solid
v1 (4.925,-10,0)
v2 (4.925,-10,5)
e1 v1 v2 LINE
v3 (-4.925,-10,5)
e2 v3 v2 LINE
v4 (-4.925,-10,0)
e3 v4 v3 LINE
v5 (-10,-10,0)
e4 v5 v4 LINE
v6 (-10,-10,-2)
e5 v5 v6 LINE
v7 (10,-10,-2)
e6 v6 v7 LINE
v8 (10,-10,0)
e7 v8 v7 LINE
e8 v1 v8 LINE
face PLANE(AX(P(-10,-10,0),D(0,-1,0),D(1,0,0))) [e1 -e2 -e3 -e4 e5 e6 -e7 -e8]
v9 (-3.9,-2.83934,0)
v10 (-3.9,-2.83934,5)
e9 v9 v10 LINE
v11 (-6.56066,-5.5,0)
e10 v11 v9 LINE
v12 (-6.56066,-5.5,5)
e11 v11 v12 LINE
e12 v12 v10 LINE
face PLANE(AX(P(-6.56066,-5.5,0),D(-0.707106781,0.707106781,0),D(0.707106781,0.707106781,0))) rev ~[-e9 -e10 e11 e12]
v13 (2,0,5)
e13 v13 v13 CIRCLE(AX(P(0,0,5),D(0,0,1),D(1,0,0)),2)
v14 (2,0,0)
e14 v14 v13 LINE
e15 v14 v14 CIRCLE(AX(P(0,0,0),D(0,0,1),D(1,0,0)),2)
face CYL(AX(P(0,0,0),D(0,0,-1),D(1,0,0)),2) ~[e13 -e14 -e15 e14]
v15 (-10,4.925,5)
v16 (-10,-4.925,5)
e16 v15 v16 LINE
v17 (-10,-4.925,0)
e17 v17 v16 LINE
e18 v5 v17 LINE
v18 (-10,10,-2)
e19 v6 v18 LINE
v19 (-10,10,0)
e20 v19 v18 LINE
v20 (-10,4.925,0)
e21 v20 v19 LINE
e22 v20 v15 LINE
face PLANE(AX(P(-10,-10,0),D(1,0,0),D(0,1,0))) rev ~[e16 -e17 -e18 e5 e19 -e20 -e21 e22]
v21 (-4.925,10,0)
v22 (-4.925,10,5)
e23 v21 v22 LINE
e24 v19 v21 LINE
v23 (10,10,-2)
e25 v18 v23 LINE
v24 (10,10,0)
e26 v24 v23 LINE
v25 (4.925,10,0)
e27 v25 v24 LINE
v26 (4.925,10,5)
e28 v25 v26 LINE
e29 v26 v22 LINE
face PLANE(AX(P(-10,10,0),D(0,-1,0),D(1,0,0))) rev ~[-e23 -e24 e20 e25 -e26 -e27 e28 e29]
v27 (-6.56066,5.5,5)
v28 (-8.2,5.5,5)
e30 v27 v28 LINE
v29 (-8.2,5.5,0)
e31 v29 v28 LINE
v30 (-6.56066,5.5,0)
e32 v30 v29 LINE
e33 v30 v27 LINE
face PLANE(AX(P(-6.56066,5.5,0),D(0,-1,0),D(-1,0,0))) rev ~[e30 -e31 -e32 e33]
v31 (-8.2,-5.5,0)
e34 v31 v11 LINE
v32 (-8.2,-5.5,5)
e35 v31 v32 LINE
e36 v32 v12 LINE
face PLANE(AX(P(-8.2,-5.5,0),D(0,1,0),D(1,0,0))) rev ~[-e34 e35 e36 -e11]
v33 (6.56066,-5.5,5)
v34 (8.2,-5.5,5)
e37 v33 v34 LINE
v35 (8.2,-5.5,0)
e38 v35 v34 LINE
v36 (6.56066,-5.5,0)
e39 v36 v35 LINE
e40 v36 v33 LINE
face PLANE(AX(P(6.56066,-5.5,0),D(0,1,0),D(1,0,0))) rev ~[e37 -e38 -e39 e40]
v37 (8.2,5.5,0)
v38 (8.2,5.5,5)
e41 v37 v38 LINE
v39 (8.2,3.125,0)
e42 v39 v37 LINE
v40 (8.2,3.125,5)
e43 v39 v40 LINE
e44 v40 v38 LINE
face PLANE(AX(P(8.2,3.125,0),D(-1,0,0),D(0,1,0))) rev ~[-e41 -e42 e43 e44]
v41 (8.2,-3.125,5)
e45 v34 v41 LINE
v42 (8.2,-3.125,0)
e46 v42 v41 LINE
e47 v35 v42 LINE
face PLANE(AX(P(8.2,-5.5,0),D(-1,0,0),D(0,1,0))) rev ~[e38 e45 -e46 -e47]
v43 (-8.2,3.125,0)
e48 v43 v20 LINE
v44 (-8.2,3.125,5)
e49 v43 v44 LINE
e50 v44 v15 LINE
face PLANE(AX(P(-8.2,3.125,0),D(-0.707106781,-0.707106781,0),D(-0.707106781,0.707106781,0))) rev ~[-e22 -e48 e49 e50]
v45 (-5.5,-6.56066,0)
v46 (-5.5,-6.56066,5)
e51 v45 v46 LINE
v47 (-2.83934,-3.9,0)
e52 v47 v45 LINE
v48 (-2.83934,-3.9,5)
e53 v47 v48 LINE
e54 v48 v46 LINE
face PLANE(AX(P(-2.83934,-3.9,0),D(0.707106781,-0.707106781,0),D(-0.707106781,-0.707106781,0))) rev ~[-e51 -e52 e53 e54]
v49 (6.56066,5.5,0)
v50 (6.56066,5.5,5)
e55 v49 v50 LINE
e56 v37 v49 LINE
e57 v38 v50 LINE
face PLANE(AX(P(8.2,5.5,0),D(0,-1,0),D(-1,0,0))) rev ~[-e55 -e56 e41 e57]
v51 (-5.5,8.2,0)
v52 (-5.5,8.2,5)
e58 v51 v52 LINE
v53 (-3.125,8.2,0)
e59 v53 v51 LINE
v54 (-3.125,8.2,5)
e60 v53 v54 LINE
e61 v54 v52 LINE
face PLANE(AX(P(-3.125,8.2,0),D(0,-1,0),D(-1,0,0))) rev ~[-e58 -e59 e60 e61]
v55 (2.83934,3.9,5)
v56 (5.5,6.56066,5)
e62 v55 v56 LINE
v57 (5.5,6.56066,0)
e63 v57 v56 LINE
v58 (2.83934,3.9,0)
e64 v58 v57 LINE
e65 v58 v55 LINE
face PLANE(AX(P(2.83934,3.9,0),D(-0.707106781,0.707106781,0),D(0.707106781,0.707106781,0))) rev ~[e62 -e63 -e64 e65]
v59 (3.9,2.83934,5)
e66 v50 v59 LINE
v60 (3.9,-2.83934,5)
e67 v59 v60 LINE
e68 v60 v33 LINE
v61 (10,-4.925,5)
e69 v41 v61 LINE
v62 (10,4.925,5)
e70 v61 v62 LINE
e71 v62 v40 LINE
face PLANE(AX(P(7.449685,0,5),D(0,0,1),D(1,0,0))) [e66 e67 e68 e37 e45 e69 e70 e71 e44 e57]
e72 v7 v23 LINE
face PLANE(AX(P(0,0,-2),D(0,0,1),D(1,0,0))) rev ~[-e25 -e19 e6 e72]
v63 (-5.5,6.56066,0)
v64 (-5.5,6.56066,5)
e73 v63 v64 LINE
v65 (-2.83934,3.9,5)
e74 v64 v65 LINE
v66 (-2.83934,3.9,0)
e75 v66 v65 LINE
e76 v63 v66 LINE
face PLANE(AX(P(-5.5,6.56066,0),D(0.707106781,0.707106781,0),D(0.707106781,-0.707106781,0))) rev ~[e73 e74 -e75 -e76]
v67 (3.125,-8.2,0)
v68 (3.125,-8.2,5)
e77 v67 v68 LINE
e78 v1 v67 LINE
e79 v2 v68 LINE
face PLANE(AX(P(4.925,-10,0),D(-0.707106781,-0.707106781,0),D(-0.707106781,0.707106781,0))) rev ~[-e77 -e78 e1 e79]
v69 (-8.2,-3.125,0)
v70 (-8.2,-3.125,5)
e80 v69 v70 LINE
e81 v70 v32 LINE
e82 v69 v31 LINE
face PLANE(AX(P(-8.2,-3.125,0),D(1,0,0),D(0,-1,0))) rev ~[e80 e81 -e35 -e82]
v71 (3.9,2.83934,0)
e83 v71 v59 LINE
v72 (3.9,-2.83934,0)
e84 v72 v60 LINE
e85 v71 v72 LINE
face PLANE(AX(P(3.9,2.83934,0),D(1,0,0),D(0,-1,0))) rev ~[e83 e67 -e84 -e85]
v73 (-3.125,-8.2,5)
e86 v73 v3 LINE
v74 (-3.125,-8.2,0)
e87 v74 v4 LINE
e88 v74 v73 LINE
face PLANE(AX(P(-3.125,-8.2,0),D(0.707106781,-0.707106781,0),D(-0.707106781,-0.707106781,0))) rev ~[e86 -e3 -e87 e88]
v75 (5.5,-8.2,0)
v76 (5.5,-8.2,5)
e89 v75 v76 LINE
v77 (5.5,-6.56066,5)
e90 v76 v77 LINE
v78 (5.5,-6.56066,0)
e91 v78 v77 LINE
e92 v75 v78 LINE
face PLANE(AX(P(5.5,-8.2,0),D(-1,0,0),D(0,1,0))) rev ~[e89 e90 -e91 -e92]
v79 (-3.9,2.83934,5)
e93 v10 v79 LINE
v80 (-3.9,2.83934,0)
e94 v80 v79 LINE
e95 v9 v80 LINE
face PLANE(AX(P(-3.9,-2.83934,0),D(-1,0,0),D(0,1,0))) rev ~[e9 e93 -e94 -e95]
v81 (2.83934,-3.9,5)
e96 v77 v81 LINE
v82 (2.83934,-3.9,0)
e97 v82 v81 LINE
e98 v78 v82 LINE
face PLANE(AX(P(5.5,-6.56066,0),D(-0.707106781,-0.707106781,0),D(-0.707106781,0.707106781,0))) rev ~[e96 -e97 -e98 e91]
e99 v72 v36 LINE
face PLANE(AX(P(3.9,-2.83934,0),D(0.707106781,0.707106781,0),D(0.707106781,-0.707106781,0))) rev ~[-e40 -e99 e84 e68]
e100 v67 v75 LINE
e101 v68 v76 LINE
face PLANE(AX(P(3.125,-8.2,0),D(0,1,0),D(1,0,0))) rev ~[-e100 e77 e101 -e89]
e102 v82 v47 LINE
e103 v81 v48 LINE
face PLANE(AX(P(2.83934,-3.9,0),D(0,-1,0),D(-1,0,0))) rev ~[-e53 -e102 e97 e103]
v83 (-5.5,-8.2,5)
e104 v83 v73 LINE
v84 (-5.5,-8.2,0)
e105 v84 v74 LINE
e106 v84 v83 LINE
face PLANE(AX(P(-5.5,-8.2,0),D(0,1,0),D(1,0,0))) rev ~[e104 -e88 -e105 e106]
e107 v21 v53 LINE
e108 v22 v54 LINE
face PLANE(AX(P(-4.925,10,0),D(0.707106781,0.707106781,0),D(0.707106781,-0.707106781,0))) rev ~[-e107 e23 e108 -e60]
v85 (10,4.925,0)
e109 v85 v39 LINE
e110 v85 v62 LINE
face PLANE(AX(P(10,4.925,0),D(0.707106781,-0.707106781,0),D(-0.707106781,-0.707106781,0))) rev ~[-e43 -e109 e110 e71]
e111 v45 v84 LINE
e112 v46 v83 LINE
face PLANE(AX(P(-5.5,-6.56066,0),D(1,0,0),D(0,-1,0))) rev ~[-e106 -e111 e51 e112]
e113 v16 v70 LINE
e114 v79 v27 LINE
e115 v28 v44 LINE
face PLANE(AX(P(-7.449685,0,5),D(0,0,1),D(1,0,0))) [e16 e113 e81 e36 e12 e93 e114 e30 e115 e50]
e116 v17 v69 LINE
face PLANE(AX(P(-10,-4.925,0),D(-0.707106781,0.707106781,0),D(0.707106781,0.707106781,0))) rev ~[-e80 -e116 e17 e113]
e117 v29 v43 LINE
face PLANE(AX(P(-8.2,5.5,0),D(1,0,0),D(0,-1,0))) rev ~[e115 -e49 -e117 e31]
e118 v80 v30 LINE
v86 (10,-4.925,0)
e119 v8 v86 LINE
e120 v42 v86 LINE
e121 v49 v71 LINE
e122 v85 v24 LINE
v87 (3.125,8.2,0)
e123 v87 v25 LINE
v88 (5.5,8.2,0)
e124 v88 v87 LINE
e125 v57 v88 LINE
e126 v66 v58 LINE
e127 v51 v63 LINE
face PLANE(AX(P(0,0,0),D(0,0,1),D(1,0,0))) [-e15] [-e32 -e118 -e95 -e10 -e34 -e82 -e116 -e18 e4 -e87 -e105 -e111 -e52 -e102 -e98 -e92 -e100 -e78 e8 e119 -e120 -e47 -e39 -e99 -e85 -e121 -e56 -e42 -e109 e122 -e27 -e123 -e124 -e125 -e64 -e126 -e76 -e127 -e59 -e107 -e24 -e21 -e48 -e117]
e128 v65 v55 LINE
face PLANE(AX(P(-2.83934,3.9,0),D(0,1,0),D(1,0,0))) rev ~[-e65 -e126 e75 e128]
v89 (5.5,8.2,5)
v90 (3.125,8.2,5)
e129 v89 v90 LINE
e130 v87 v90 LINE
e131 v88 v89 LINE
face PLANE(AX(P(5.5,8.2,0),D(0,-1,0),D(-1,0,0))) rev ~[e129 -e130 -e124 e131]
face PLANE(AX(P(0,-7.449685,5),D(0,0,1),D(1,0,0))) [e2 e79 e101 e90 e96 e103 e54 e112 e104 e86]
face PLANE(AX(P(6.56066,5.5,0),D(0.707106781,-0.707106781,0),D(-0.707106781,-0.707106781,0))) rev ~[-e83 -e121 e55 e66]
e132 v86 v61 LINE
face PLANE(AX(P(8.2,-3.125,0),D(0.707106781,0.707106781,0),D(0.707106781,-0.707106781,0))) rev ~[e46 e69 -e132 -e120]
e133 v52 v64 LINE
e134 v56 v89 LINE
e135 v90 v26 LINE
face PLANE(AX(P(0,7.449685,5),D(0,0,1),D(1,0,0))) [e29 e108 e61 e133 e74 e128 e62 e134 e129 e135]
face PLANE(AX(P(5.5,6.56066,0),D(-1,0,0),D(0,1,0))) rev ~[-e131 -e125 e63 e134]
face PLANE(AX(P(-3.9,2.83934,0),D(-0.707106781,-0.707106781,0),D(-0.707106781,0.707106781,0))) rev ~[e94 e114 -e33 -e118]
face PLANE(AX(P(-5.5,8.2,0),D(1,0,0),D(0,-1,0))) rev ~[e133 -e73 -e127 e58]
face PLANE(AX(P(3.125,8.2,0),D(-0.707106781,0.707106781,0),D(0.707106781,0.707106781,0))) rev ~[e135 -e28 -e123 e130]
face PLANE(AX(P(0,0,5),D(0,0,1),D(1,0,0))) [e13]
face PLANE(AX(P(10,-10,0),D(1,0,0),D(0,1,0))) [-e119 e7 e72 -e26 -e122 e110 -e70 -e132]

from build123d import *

# Parameters (mm, degrees)
BOSS_EXTRUDE1_DEPTH   = 5
SKETCH1_R             = 2
BOSS_EXTRUDE1_2_DEPTH = 5
BOSS_EXTRUDE1_3_DEPTH = 5
BOSS_EXTRUDE1_4_DEPTH = 5
BOSS_EXTRUDE1_5_DEPTH = 5
SKETCH1_3_W           = 20
SKETCH1_3_H           = 20
BOSS_EXTRUDE2_DEPTH   = 2


with BuildPart() as part:
    # Sketch1 → Boss-Extrude1 (new body)
    with BuildSketch(Plane.XY):
        Polygon((4.925, 10), (-4.925, 10), (-3.125, 8.2), (-5.5, 8.2), (-5.5, 6.560660172), (-2.839339828, 3.9), (2.839339828, 3.9), (5.5, 6.560660172), (5.5, 8.2), (3.125, 8.2), align=None)
    extrude(amount=BOSS_EXTRUDE1_DEPTH)



with BuildPart() as body_2:
    # Sketch1 → Boss-Extrude1 2 (new body)
    with BuildSketch(Plane.XY):
        Circle(SKETCH1_R)
    extrude(amount=BOSS_EXTRUDE1_2_DEPTH)


with BuildPart() as body_3:
    # Sketch1 → Boss-Extrude1 3 (new body)
    with BuildSketch(Plane.XY):
        Polygon((10, -4.925), (10, 4.925), (8.2, 3.125), (8.2, 5.5), (6.560660172, 5.5), (3.9, 2.839339828), (3.9, -2.839339828), (6.560660172, -5.5), (8.2, -5.5), (8.2, -3.125), align=None)
    extrude(amount=BOSS_EXTRUDE1_3_DEPTH)


with BuildPart() as body_4:
    # Sketch1 → Boss-Extrude1 4 (new body)
    with BuildSketch(Plane.XY):
        Polygon((-8.2, 3.125), (-10, 4.925), (-10, -4.925), (-8.2, -3.125), (-8.2, -5.5), (-6.560660172, -5.5), (-3.9, -2.839339828), (-3.9, 2.839339828), (-6.560660172, 5.5), (-8.2, 5.5), align=None)
    extrude(amount=BOSS_EXTRUDE1_4_DEPTH)


with BuildPart() as body_5:
    # Sketch1 → Boss-Extrude1 5 (new body)
    with BuildSketch(Plane.XY):
        Polygon((-3.125, -8.2), (-4.925, -10), (4.925, -10), (3.125, -8.2), (5.5, -8.2), (5.5, -6.560660172), (2.839339828, -3.9), (-2.839339828, -3.9), (-5.5, -6.560660172), (-5.5, -8.2), align=None)
    extrude(amount=BOSS_EXTRUDE1_5_DEPTH)


with BuildPart() as part_1:
    add(part.part)

    add(body_2.part)  # Boss-Extrude2 merges body 2

    add(body_3.part)  # Boss-Extrude2 merges body 3

    add(body_4.part)  # Boss-Extrude2 merges body 4

    add(body_5.part)  # Boss-Extrude2 merges body 5
    # Sketch1<3> → Boss-Extrude2 (add)
    with BuildSketch(Plane.XY):
        Rectangle(SKETCH1_3_W, SKETCH1_3_H)
    extrude(amount=-BOSS_EXTRUDE2_DEPTH)


solid = part_1.part
